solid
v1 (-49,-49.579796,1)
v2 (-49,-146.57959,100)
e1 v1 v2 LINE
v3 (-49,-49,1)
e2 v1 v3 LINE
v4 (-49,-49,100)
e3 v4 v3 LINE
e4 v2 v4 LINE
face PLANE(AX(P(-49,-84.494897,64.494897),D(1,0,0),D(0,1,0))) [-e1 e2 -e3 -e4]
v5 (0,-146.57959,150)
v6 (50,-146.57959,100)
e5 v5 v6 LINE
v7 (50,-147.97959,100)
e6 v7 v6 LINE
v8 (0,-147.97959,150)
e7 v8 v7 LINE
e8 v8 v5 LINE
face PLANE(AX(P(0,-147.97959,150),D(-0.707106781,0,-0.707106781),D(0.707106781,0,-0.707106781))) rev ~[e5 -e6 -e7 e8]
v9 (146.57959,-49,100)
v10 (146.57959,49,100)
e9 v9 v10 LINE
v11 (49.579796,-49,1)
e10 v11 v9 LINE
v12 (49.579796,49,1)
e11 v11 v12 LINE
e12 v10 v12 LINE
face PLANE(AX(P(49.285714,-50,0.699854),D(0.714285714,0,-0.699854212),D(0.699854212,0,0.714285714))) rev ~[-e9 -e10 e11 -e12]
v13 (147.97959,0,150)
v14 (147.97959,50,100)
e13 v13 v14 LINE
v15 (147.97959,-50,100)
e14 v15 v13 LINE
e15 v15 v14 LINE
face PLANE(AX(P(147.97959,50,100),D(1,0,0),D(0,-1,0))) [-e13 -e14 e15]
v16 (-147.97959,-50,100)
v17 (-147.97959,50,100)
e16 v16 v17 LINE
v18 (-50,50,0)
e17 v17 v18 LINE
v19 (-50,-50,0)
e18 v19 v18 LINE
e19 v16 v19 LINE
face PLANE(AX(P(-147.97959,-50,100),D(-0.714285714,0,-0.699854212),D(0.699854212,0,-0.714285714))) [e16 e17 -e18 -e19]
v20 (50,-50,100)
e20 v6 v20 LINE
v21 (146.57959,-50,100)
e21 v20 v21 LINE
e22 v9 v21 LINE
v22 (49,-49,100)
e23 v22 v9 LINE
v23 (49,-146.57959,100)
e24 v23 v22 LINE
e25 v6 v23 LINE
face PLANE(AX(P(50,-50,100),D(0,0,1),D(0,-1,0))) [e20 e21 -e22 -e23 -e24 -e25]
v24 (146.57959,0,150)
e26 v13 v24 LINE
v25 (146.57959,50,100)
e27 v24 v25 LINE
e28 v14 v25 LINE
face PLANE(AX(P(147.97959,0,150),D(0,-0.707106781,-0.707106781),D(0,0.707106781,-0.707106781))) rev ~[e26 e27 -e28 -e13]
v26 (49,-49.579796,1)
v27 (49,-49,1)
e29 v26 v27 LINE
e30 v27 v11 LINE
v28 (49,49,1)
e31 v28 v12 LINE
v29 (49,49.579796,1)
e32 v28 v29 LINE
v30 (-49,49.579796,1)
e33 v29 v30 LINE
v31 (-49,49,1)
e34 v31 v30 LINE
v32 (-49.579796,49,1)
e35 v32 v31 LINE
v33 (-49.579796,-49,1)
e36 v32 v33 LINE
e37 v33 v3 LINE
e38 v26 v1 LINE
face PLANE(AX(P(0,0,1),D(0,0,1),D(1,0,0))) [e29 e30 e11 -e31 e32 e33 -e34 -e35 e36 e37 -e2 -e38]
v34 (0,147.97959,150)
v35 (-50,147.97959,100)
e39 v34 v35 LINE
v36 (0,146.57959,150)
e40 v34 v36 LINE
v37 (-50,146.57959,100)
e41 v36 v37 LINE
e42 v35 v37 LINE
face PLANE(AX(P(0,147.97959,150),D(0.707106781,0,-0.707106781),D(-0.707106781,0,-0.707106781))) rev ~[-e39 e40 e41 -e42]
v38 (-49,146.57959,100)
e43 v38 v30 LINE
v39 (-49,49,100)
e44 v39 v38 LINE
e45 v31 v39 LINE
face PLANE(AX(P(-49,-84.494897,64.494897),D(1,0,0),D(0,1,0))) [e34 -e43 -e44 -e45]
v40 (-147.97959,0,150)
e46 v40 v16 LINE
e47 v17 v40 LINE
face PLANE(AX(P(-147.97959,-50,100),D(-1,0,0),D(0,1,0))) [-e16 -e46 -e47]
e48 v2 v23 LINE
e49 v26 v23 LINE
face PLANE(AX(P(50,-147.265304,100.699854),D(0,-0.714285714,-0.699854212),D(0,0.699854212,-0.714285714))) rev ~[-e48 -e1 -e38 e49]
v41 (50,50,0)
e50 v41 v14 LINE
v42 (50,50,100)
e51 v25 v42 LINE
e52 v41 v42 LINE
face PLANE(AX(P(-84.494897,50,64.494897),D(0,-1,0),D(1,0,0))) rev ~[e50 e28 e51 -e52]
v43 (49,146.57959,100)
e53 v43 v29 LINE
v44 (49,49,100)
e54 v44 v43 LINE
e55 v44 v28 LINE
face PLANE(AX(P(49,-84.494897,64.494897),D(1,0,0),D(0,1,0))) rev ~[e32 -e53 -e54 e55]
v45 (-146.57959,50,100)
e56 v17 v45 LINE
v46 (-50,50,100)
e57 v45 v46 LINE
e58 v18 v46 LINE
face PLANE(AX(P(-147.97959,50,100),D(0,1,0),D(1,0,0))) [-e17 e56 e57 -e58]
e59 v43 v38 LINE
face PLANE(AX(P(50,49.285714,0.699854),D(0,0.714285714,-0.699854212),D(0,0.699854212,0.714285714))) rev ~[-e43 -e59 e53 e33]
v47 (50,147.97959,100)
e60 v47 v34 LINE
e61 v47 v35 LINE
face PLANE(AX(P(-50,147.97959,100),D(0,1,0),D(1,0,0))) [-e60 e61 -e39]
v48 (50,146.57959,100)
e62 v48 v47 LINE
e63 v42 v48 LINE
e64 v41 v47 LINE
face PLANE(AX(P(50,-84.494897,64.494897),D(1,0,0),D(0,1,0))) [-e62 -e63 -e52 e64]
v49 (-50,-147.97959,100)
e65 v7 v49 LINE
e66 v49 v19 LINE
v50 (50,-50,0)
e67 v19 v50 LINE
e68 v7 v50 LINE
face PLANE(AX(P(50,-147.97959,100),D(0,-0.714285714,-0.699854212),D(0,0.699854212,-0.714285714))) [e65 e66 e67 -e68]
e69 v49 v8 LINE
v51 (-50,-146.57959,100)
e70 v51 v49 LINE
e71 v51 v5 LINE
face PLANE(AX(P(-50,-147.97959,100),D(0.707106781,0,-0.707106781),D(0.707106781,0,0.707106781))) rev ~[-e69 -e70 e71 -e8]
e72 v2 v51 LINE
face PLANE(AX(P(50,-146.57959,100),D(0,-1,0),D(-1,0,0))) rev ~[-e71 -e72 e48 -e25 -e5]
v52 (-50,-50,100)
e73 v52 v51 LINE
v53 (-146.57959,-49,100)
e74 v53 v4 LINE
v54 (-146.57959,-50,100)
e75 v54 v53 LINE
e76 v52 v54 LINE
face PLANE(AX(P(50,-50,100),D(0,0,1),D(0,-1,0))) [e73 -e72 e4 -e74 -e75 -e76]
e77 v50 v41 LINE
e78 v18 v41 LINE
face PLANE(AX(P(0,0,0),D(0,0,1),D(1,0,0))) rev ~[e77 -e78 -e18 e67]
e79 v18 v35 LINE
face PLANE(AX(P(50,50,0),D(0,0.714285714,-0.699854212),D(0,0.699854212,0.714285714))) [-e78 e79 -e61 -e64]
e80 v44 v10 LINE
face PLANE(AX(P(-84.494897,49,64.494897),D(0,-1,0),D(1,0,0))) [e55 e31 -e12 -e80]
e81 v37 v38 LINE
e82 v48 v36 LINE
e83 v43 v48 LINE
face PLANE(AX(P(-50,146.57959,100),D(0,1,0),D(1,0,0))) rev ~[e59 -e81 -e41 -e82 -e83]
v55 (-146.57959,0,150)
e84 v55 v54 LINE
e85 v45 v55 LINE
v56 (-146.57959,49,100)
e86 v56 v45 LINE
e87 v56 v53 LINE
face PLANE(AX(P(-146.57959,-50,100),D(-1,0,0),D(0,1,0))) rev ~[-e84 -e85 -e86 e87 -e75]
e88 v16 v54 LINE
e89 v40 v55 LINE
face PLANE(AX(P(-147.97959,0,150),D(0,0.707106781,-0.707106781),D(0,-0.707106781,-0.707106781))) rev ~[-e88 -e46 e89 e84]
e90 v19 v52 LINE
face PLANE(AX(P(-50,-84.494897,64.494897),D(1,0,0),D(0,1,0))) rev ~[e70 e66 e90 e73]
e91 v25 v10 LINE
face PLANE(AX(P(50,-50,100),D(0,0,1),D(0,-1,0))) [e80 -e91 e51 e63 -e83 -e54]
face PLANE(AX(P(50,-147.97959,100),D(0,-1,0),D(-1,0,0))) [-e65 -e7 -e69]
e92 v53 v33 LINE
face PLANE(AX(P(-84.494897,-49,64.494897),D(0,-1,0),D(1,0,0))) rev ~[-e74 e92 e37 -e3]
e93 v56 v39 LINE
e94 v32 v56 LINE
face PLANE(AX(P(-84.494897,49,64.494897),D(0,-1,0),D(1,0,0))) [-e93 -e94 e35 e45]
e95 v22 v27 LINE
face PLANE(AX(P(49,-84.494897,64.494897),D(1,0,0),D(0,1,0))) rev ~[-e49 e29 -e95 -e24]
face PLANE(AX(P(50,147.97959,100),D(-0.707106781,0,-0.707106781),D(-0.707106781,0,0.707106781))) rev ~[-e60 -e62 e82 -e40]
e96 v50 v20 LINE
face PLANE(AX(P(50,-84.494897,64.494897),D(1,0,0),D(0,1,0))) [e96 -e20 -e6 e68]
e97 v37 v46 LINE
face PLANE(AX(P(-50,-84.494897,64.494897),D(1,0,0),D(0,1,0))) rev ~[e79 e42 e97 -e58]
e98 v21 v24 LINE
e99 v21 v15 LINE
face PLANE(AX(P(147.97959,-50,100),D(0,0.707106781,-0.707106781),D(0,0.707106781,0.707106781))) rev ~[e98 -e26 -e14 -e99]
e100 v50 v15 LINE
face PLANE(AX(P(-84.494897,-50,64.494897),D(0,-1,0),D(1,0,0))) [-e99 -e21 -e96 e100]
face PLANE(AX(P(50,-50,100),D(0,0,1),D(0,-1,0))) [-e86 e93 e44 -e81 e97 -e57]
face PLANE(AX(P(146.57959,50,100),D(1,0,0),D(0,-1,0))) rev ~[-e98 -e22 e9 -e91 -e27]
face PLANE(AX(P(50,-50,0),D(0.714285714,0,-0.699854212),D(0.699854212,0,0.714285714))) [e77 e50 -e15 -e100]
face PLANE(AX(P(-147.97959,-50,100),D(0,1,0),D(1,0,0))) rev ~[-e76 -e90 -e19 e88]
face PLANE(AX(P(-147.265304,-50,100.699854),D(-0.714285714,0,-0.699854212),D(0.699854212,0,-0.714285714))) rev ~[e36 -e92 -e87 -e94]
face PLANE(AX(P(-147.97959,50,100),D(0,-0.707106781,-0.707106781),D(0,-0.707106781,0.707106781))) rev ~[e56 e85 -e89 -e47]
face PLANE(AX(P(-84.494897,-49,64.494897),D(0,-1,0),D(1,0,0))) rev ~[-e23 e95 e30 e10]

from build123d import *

# Parameters (mm, degrees)
F0_W      = 100
F0_H      = 100
F1_DEPTH  = 100
F3_DEPTH  = 100
F5_COUNT  = 2
F5_ANGLE  = 90
F6_T      = -1
F7_W      = 1.4
F7_H      = 100
F8_DEPTH  = 100
F10_DEPTH = 2
F11_COUNT = 4


with BuildPart() as f1:
    # F0 (on Top) → F1 (new body)
    with BuildSketch(Plane.XY):
        Rectangle(F0_W, F0_H)
    extrude(amount=F1_DEPTH)

    # F2 (on face) → F3 (join)
    with BuildSketch(Plane.XZ.offset(50)):
        Polygon((-50, 0), (-50, 100), (-147.9795897113, 100), align=None)
        Polygon((147.9795897113, 100), (50, 100), (50, 0), align=None)
    extrude(amount=-F3_DEPTH)

    # F5: F1 ×2 about axis
    f5_axis = Axis((0, 0, 92.5767719746), (0, 0, 1))


with BuildPart() as f1_1:
    add(f1.part)
    for i in range(1, F5_COUNT):
        add(f1.part.rotate(f5_axis, i * F5_ANGLE / (F5_COUNT - 1)))

    # F6
    f6_openings = [f1_1.faces().sort_by_distance(p)[0] for p in [
        (0, 0, 100),
    ]]
    offset(amount=F6_T, openings=f6_openings, kind=Kind.INTERSECTION)

    # F7 (on face) → F8 (join)
    with BuildSketch(Plane.XY.offset(100)):
        with Locations((-147.2795897113, 0)):
            Rectangle(F7_W, F7_H)
    extrude(amount=F8_DEPTH)

    # F9 (on face) → F10 (cut)
    with BuildSketch(Plane(origin=(-147.9795897113, 0, 0), x_dir=(0, -1, 0), z_dir=(-1, 0, 0))):
        Polygon((-50, 200), (-50, 100), (0, 150), (50, 100), (50, 200), align=None)
    extrude(amount=-F10_DEPTH, mode=Mode.SUBTRACT)

    # F11: F1 ×4 about axis
    f11_axis = Axis((0, 0, 92.5767719746), (0, 0, 1))


with BuildPart() as f1_2:
    add(f1_1.part)
    for i in range(1, F11_COUNT):
        add(f1_1.part.rotate(f11_axis, i * 360 / F11_COUNT))


solid = f1_2.part
